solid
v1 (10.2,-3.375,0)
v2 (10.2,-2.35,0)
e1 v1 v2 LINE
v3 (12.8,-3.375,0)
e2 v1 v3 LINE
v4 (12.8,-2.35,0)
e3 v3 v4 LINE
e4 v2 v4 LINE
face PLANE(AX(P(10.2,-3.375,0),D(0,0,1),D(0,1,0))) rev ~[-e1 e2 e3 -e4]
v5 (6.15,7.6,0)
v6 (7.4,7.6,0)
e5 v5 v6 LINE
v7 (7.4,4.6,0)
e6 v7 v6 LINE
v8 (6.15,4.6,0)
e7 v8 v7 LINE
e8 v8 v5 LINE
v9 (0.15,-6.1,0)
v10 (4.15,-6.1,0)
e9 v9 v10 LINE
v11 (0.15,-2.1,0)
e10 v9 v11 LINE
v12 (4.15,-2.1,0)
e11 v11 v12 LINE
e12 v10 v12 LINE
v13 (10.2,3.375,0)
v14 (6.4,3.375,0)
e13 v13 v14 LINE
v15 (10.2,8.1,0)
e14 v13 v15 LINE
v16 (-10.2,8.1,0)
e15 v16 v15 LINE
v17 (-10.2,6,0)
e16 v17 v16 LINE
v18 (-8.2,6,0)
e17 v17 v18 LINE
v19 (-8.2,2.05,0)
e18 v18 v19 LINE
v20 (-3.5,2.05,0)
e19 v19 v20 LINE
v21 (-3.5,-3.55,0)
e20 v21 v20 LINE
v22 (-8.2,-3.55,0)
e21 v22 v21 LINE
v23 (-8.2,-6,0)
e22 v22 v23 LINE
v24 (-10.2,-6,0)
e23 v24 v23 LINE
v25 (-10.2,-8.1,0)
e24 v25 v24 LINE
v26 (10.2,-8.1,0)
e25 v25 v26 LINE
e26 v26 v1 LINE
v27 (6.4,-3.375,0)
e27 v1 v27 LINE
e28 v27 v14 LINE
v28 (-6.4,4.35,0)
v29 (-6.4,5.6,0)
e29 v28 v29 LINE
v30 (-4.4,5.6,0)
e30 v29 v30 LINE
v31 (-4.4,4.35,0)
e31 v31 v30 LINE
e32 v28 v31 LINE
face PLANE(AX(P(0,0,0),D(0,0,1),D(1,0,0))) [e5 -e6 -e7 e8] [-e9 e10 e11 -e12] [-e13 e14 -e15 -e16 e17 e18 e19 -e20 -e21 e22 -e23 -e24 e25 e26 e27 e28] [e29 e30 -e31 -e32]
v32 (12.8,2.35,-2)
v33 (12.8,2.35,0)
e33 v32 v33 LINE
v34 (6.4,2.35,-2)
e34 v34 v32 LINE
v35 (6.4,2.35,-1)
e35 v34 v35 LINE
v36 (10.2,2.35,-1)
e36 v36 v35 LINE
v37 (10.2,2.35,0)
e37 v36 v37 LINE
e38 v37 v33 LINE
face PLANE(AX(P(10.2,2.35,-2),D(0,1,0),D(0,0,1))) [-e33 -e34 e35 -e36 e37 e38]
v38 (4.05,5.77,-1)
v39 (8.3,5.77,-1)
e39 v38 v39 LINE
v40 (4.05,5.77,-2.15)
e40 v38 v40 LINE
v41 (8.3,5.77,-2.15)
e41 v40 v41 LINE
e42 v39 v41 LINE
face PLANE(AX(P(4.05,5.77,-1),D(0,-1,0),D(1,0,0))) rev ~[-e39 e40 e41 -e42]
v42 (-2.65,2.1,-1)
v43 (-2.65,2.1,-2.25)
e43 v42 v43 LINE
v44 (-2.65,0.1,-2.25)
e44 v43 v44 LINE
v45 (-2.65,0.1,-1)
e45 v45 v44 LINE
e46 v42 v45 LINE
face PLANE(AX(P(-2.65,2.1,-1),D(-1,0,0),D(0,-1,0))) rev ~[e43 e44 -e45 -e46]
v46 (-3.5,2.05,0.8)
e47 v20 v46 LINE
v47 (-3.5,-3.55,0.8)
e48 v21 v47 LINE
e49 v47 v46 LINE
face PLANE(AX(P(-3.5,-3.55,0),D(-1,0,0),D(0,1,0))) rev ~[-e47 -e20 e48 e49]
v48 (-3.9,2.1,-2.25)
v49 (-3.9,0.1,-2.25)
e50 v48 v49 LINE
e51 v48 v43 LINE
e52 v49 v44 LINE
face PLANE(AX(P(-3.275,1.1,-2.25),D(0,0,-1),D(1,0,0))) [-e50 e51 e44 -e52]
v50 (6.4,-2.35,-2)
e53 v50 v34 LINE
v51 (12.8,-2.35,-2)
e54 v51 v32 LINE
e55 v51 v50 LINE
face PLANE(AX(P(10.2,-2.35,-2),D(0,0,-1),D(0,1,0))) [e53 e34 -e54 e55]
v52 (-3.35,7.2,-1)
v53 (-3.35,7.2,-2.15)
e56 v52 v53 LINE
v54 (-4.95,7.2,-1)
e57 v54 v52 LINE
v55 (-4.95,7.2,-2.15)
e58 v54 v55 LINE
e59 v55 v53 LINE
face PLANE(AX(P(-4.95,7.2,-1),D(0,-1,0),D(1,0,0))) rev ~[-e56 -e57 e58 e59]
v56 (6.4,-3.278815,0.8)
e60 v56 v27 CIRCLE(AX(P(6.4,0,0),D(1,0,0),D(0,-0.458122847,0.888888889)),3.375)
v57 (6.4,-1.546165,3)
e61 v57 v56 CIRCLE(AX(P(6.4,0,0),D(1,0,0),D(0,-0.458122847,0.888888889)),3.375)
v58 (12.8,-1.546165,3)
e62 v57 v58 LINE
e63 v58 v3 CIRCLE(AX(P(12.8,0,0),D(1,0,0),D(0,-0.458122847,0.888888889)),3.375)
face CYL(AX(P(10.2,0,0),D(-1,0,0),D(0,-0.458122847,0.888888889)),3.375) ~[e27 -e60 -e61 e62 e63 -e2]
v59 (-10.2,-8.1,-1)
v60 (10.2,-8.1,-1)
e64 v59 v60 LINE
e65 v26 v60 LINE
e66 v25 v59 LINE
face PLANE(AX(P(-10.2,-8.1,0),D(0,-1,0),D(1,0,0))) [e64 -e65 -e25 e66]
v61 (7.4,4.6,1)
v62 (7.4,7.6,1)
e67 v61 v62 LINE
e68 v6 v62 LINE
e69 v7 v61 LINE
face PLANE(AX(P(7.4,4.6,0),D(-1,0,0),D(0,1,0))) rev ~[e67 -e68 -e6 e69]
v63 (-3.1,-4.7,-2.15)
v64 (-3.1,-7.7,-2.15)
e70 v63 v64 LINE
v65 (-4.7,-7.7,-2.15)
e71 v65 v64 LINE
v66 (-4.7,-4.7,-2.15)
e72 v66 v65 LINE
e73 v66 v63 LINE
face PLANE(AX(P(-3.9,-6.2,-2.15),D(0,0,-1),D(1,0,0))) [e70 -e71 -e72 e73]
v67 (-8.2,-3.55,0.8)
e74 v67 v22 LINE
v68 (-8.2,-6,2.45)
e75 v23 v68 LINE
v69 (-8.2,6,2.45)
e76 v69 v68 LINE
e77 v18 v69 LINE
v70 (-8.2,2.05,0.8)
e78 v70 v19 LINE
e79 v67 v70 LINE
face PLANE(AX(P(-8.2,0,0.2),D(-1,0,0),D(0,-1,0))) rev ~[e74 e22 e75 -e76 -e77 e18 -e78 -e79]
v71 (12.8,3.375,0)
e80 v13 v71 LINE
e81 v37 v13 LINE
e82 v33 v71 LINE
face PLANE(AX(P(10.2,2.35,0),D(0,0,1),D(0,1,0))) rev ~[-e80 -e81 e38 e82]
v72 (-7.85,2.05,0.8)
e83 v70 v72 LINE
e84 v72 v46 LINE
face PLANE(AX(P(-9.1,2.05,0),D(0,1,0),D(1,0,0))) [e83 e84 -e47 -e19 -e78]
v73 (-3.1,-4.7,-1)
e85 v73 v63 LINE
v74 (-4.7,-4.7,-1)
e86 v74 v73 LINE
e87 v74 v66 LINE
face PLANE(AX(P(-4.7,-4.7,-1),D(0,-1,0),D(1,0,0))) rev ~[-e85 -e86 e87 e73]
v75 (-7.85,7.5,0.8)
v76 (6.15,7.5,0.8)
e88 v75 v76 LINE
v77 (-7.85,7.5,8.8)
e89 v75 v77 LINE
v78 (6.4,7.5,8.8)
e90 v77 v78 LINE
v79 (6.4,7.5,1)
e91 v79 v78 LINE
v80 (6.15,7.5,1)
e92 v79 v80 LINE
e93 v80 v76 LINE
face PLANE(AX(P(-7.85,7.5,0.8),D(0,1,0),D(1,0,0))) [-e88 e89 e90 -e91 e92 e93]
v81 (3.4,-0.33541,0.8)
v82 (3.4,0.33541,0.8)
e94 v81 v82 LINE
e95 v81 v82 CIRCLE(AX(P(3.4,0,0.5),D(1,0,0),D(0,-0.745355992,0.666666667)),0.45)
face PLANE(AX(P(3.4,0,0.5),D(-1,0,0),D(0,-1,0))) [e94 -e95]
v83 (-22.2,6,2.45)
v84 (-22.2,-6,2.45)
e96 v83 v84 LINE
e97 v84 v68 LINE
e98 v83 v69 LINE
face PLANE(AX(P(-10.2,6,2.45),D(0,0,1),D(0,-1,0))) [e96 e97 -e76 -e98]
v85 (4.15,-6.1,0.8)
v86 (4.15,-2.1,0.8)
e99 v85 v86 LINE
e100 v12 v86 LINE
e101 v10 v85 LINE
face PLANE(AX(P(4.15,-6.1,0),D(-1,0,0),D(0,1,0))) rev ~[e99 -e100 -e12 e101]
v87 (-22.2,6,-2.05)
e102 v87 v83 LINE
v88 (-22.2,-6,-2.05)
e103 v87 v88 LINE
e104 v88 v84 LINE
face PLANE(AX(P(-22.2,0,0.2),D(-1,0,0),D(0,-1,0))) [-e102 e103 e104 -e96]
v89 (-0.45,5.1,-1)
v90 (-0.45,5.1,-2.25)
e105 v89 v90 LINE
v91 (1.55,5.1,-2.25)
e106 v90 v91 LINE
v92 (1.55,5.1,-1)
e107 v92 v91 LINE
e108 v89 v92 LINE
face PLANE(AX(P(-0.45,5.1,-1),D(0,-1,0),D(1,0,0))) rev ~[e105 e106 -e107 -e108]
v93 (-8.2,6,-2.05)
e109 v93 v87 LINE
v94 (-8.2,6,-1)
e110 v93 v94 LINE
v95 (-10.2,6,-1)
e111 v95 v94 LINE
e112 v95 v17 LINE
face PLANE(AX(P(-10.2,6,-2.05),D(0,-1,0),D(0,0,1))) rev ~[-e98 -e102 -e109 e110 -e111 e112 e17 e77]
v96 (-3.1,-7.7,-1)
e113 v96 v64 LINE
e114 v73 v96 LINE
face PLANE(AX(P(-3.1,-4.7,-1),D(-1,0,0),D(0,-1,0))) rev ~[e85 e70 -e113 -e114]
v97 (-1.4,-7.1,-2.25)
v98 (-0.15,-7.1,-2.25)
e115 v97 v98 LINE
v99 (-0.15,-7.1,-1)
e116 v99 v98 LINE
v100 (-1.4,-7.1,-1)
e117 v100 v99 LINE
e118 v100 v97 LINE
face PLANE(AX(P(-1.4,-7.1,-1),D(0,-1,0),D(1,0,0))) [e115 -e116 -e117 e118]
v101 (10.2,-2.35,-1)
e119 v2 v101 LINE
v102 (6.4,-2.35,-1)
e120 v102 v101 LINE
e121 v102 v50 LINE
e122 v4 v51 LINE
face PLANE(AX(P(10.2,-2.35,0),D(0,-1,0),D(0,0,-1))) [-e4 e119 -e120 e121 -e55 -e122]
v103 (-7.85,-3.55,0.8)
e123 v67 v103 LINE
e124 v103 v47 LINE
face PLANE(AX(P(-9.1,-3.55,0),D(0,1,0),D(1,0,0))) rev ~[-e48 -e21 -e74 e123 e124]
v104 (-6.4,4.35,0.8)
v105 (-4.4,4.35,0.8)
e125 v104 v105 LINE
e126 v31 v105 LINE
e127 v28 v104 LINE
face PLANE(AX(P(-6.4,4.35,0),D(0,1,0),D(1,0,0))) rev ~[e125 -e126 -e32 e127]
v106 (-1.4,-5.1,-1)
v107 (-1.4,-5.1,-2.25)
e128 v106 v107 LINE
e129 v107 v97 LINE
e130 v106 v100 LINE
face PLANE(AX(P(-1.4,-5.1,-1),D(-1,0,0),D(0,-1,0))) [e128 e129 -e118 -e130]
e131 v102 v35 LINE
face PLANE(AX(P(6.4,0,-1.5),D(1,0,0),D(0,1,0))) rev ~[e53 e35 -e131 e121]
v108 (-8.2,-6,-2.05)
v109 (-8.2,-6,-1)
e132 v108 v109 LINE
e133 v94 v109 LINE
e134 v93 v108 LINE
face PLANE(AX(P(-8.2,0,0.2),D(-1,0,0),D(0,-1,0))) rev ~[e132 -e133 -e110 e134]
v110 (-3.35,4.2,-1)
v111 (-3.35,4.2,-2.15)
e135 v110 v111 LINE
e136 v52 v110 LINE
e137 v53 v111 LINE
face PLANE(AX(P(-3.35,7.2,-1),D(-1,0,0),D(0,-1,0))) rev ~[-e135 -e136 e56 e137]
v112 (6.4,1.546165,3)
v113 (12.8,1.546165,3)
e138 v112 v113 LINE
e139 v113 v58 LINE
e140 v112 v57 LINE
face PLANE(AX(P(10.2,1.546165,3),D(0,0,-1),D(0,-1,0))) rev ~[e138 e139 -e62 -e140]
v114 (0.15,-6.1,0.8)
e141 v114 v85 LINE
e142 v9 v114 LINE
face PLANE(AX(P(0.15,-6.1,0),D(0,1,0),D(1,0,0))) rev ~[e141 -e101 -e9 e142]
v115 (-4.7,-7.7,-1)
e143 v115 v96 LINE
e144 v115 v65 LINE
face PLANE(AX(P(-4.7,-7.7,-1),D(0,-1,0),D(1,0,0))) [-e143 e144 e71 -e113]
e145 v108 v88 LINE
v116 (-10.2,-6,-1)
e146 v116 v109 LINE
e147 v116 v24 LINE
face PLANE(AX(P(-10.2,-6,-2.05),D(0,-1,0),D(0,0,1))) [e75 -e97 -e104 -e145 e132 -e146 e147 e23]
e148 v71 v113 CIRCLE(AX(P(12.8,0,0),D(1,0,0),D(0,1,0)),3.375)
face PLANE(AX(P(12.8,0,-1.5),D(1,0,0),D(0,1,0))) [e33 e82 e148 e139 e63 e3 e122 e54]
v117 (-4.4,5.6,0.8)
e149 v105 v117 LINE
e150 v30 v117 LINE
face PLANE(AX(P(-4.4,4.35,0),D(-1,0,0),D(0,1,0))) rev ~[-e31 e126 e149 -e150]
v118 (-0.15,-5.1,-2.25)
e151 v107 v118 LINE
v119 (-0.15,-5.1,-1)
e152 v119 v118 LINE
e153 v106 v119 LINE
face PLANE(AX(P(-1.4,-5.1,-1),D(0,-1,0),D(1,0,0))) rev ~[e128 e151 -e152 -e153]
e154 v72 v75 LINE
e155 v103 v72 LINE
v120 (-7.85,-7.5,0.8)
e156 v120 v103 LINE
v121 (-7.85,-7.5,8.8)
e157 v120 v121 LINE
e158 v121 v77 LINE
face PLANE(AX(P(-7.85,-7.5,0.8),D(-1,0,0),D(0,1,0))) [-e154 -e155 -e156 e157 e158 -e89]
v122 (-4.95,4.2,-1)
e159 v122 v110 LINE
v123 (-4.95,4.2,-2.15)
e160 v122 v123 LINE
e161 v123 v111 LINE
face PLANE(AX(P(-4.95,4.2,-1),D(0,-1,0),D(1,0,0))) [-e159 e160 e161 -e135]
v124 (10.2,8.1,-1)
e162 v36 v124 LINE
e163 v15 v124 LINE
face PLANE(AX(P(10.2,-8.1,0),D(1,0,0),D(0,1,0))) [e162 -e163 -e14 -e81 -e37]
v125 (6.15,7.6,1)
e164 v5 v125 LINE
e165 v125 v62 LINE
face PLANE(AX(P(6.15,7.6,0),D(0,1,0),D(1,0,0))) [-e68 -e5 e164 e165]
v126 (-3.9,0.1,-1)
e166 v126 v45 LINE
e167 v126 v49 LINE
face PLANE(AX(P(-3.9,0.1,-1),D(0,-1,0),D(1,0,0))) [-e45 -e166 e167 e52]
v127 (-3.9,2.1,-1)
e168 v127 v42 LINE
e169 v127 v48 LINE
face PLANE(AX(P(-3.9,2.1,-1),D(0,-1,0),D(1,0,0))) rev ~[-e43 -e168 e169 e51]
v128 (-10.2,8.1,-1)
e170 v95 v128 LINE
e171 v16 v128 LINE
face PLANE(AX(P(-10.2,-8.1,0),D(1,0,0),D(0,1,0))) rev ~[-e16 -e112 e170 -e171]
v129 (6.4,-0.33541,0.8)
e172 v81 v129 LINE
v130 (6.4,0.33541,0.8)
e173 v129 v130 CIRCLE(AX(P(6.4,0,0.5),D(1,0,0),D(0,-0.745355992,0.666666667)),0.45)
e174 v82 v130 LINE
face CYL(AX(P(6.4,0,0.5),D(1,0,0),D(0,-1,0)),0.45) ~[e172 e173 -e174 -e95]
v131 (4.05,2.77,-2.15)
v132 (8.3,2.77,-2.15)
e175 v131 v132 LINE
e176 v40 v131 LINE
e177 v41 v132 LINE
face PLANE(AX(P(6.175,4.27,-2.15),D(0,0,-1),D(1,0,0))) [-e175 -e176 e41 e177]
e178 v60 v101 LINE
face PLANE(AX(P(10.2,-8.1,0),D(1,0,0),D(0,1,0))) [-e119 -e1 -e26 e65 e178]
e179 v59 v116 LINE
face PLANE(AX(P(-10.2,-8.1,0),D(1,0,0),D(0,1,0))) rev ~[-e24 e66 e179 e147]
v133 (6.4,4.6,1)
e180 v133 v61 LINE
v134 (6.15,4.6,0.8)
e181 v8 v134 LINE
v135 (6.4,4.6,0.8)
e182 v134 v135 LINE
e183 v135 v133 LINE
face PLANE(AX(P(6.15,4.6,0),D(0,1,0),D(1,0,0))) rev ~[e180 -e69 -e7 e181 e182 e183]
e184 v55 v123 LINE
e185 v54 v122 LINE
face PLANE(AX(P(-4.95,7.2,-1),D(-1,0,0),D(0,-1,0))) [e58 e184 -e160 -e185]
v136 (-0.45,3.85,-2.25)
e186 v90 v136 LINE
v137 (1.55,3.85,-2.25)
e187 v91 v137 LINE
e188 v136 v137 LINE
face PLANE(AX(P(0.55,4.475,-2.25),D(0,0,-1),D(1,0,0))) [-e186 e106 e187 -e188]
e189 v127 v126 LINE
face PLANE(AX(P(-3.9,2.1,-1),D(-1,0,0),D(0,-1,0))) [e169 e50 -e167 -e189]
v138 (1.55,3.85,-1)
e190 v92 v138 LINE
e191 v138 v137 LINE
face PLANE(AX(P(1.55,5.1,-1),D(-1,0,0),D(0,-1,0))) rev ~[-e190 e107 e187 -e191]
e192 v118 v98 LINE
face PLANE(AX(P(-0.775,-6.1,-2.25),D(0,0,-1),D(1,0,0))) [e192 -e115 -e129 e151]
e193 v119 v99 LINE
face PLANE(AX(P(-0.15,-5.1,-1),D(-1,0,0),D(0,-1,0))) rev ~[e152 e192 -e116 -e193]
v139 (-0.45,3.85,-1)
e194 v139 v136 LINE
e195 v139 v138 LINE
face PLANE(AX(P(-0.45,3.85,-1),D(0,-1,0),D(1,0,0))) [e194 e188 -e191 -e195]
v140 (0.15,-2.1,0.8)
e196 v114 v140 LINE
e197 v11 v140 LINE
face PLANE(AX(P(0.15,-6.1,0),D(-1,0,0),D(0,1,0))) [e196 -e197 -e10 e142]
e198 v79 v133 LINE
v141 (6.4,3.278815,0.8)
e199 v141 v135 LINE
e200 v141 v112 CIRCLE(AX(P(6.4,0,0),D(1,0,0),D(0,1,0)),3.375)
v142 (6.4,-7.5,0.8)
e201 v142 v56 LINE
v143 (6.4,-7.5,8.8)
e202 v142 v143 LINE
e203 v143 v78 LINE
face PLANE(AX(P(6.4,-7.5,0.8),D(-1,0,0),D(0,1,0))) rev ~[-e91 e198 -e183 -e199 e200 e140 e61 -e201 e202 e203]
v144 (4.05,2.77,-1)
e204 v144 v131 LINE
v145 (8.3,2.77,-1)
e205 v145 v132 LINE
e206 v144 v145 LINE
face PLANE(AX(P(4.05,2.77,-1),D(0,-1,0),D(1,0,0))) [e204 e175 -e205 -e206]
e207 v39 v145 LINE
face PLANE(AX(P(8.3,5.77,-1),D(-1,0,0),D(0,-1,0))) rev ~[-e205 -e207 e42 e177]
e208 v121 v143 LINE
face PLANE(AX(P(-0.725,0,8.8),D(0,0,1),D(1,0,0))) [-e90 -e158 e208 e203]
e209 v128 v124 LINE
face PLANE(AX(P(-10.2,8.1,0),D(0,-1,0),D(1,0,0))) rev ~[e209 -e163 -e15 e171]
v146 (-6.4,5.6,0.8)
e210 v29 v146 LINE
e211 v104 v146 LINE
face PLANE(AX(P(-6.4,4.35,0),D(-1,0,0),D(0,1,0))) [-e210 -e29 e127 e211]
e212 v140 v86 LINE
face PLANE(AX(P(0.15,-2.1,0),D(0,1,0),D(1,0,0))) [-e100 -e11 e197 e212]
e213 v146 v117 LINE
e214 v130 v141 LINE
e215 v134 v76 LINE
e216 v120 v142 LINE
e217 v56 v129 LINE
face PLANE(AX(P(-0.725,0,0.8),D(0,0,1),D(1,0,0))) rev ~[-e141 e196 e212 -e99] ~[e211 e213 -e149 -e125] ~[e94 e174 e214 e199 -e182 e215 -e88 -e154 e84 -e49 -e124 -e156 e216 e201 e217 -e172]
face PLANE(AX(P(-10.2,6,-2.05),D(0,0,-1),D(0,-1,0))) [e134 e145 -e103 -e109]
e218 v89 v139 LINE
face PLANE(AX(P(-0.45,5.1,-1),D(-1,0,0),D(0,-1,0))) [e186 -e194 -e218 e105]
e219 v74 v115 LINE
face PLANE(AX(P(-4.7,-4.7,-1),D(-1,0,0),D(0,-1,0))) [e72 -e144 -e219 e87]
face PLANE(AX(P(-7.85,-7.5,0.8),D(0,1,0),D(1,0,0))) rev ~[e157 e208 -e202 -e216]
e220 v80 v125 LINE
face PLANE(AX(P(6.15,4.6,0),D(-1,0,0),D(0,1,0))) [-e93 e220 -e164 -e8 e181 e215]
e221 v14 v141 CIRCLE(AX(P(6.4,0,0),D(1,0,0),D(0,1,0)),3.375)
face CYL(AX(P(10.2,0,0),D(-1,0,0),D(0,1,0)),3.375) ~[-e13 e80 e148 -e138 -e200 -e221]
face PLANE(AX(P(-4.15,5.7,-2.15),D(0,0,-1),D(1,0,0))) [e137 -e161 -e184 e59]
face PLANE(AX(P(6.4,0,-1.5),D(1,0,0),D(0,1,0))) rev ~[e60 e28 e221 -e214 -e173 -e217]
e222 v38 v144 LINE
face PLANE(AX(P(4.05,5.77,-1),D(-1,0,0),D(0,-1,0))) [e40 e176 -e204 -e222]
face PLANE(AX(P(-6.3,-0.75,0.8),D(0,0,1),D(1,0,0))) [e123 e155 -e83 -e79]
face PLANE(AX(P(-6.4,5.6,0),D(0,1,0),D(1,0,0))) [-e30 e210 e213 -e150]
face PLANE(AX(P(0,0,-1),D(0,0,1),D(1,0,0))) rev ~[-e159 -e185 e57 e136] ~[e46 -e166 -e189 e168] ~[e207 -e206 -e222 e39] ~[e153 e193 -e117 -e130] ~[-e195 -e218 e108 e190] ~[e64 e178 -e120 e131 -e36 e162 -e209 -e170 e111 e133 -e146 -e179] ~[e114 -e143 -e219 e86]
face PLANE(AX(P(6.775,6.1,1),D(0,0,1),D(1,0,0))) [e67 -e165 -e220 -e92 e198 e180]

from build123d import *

# Parameters (mm, degrees)
F0_W          = 20.4
F0_H          = 16.2
F1_DEPTH      = 1
F2_W          = 12
F2_H          = 4.5
F3_DEPTH      = 12
F3_DEPTH_BACK = 2
F4_W          = 4.7
F4_H          = 1
F5_DEPTH      = 2.6
F5_DEPTH_BACK = 3.8
F6_R          = 0.45
F7_DEPTH      = 3
F8_W          = 5.6
F8_H          = 5.6
F9_DEPTH      = 0.8
F10_W         = 4
F10_H         = 4
F11_DEPTH     = 0.8
F12_W         = 2
F12_H         = 1.25
F13_DEPTH     = 1.25
F14_W         = 1.25
F14_H         = 3
F15_DEPTH     = 1
F16_W         = 2
F16_H         = 1.25
F16_W_2       = 1.25
F16_H_2       = 2
F17_DEPTH     = 1.25
F18_W         = 1.6
F18_H         = 3
F19_DEPTH     = 1.15
F20_W         = 4.25
F20_H         = 3
F21_DEPTH     = 1.15
F22_W         = 14.25
F22_H         = 15
F23_DEPTH     = 8


with BuildPart() as f1:
    # F0 (on Top) → F1 (new body)
    with BuildSketch(Plane.XY):
        Rectangle(F0_W, F0_H)
    extrude(amount=-F1_DEPTH)

    # F2 (on face) → F3 (join, two sides)
    with BuildSketch(Plane(origin=(-10.2, 0, 0), x_dir=(0, -1, 0), z_dir=(-1, 0, 0))) as f3_sk:
        with Locations((0, 0.2)):
            Rectangle(F2_W, F2_H)
    extrude(amount=F3_DEPTH)
    extrude(f3_sk.sketch, amount=-F3_DEPTH_BACK)

    # F4 (on face) → F5 (join, two sides)
    with BuildSketch(Plane.YZ.offset(10.2)) as f5_sk:
        with Locations((0, -1.5)):
            Rectangle(F4_W, F4_H)
        with Locations((0, -0.5)):
            Rectangle(F4_W, F4_H)
        with BuildLine():
            Line((-3.375, 0), (-2.35, 0))
            Line((-2.35, 0), (2.35, 0))
            Line((2.35, 0), (3.375, 0))
            ThreePointArc((3.375, 0), (2.8817469144, 1.7567469144), (1.5461646096, 3))
            Line((1.5461646096, 3), (-1.5461646096, 3))
            ThreePointArc((-1.5461646096, 3), (-2.8817469144, 1.7567469144), (-3.375, 0))
        make_face()
    extrude(amount=F5_DEPTH)
    extrude(f5_sk.sketch, amount=-F5_DEPTH_BACK)

    # F6 (on face) → F7 (join)
    with BuildSketch(Plane(origin=(6.4, 0, 0), x_dir=(0, -1, 0), z_dir=(-1, 0, 0))):
        with Locations((0, 0.5)):
            Circle(F6_R)
    extrude(amount=F7_DEPTH)

    # F8 (on face) → F9 (join)
    with BuildSketch(Plane.XY):
        with Locations((-6.3, -0.75)):
            Rectangle(F8_W, F8_H)
    extrude(amount=F9_DEPTH)

    # F10 (on face) → F11 (join)
    with BuildSketch(Plane.XY):
        with Locations((2.15, -4.1)):
            Rectangle(F10_W, F10_H)
    extrude(amount=F11_DEPTH)

    # F12 (on face) → F13 (join)
    with BuildSketch(Plane.XY):
        with Locations((-5.4, 4.975)):
            Rectangle(F12_W, F12_H)
    extrude(amount=F13_DEPTH)

    # F14 (on face) → F15 (join)
    with BuildSketch(Plane.XY):
        with Locations((6.775, 6.1)):
            Rectangle(F14_W, F14_H)
    extrude(amount=F15_DEPTH)

    # F16 (on face) → F17 (join)
    with BuildSketch(Plane(origin=(0, 0, -1), x_dir=(1, 0, 0), z_dir=(0, 0, -1))):
        with Locations((0.55, -4.475)):
            Rectangle(F16_W, F16_H)
        with Locations((-3.275, -1.1)):
            Rectangle(F16_W_2, F16_H_2)
        with Locations((-0.775, 6.1)):
            Rectangle(F16_W_2, F16_H_2)
    extrude(amount=F17_DEPTH)

    # F18 (on face) → F19 (join)
    with BuildSketch(Plane(origin=(0, 0, -1), x_dir=(1, 0, 0), z_dir=(0, 0, -1))):
        with Locations((-4.15, -5.7)):
            Rectangle(F18_W, F18_H)
        with Locations((-3.9, 6.2)):
            Rectangle(F18_W, F18_H)
    extrude(amount=F19_DEPTH)

    # F20 (on face) → F21 (join)
    with BuildSketch(Plane(origin=(0, 0, -1), x_dir=(1, 0, 0), z_dir=(0, 0, -1))):
        with Locations((6.175, -4.27)):
            Rectangle(F20_W, F20_H)
    extrude(amount=F21_DEPTH)

    # F22 (on face) → F23 (join)
    with BuildSketch(Plane.XY.offset(0.8)):
        with Locations((-0.725, 0)):
            Rectangle(F22_W, F22_H)
    extrude(amount=F23_DEPTH)


solid = f1.part
